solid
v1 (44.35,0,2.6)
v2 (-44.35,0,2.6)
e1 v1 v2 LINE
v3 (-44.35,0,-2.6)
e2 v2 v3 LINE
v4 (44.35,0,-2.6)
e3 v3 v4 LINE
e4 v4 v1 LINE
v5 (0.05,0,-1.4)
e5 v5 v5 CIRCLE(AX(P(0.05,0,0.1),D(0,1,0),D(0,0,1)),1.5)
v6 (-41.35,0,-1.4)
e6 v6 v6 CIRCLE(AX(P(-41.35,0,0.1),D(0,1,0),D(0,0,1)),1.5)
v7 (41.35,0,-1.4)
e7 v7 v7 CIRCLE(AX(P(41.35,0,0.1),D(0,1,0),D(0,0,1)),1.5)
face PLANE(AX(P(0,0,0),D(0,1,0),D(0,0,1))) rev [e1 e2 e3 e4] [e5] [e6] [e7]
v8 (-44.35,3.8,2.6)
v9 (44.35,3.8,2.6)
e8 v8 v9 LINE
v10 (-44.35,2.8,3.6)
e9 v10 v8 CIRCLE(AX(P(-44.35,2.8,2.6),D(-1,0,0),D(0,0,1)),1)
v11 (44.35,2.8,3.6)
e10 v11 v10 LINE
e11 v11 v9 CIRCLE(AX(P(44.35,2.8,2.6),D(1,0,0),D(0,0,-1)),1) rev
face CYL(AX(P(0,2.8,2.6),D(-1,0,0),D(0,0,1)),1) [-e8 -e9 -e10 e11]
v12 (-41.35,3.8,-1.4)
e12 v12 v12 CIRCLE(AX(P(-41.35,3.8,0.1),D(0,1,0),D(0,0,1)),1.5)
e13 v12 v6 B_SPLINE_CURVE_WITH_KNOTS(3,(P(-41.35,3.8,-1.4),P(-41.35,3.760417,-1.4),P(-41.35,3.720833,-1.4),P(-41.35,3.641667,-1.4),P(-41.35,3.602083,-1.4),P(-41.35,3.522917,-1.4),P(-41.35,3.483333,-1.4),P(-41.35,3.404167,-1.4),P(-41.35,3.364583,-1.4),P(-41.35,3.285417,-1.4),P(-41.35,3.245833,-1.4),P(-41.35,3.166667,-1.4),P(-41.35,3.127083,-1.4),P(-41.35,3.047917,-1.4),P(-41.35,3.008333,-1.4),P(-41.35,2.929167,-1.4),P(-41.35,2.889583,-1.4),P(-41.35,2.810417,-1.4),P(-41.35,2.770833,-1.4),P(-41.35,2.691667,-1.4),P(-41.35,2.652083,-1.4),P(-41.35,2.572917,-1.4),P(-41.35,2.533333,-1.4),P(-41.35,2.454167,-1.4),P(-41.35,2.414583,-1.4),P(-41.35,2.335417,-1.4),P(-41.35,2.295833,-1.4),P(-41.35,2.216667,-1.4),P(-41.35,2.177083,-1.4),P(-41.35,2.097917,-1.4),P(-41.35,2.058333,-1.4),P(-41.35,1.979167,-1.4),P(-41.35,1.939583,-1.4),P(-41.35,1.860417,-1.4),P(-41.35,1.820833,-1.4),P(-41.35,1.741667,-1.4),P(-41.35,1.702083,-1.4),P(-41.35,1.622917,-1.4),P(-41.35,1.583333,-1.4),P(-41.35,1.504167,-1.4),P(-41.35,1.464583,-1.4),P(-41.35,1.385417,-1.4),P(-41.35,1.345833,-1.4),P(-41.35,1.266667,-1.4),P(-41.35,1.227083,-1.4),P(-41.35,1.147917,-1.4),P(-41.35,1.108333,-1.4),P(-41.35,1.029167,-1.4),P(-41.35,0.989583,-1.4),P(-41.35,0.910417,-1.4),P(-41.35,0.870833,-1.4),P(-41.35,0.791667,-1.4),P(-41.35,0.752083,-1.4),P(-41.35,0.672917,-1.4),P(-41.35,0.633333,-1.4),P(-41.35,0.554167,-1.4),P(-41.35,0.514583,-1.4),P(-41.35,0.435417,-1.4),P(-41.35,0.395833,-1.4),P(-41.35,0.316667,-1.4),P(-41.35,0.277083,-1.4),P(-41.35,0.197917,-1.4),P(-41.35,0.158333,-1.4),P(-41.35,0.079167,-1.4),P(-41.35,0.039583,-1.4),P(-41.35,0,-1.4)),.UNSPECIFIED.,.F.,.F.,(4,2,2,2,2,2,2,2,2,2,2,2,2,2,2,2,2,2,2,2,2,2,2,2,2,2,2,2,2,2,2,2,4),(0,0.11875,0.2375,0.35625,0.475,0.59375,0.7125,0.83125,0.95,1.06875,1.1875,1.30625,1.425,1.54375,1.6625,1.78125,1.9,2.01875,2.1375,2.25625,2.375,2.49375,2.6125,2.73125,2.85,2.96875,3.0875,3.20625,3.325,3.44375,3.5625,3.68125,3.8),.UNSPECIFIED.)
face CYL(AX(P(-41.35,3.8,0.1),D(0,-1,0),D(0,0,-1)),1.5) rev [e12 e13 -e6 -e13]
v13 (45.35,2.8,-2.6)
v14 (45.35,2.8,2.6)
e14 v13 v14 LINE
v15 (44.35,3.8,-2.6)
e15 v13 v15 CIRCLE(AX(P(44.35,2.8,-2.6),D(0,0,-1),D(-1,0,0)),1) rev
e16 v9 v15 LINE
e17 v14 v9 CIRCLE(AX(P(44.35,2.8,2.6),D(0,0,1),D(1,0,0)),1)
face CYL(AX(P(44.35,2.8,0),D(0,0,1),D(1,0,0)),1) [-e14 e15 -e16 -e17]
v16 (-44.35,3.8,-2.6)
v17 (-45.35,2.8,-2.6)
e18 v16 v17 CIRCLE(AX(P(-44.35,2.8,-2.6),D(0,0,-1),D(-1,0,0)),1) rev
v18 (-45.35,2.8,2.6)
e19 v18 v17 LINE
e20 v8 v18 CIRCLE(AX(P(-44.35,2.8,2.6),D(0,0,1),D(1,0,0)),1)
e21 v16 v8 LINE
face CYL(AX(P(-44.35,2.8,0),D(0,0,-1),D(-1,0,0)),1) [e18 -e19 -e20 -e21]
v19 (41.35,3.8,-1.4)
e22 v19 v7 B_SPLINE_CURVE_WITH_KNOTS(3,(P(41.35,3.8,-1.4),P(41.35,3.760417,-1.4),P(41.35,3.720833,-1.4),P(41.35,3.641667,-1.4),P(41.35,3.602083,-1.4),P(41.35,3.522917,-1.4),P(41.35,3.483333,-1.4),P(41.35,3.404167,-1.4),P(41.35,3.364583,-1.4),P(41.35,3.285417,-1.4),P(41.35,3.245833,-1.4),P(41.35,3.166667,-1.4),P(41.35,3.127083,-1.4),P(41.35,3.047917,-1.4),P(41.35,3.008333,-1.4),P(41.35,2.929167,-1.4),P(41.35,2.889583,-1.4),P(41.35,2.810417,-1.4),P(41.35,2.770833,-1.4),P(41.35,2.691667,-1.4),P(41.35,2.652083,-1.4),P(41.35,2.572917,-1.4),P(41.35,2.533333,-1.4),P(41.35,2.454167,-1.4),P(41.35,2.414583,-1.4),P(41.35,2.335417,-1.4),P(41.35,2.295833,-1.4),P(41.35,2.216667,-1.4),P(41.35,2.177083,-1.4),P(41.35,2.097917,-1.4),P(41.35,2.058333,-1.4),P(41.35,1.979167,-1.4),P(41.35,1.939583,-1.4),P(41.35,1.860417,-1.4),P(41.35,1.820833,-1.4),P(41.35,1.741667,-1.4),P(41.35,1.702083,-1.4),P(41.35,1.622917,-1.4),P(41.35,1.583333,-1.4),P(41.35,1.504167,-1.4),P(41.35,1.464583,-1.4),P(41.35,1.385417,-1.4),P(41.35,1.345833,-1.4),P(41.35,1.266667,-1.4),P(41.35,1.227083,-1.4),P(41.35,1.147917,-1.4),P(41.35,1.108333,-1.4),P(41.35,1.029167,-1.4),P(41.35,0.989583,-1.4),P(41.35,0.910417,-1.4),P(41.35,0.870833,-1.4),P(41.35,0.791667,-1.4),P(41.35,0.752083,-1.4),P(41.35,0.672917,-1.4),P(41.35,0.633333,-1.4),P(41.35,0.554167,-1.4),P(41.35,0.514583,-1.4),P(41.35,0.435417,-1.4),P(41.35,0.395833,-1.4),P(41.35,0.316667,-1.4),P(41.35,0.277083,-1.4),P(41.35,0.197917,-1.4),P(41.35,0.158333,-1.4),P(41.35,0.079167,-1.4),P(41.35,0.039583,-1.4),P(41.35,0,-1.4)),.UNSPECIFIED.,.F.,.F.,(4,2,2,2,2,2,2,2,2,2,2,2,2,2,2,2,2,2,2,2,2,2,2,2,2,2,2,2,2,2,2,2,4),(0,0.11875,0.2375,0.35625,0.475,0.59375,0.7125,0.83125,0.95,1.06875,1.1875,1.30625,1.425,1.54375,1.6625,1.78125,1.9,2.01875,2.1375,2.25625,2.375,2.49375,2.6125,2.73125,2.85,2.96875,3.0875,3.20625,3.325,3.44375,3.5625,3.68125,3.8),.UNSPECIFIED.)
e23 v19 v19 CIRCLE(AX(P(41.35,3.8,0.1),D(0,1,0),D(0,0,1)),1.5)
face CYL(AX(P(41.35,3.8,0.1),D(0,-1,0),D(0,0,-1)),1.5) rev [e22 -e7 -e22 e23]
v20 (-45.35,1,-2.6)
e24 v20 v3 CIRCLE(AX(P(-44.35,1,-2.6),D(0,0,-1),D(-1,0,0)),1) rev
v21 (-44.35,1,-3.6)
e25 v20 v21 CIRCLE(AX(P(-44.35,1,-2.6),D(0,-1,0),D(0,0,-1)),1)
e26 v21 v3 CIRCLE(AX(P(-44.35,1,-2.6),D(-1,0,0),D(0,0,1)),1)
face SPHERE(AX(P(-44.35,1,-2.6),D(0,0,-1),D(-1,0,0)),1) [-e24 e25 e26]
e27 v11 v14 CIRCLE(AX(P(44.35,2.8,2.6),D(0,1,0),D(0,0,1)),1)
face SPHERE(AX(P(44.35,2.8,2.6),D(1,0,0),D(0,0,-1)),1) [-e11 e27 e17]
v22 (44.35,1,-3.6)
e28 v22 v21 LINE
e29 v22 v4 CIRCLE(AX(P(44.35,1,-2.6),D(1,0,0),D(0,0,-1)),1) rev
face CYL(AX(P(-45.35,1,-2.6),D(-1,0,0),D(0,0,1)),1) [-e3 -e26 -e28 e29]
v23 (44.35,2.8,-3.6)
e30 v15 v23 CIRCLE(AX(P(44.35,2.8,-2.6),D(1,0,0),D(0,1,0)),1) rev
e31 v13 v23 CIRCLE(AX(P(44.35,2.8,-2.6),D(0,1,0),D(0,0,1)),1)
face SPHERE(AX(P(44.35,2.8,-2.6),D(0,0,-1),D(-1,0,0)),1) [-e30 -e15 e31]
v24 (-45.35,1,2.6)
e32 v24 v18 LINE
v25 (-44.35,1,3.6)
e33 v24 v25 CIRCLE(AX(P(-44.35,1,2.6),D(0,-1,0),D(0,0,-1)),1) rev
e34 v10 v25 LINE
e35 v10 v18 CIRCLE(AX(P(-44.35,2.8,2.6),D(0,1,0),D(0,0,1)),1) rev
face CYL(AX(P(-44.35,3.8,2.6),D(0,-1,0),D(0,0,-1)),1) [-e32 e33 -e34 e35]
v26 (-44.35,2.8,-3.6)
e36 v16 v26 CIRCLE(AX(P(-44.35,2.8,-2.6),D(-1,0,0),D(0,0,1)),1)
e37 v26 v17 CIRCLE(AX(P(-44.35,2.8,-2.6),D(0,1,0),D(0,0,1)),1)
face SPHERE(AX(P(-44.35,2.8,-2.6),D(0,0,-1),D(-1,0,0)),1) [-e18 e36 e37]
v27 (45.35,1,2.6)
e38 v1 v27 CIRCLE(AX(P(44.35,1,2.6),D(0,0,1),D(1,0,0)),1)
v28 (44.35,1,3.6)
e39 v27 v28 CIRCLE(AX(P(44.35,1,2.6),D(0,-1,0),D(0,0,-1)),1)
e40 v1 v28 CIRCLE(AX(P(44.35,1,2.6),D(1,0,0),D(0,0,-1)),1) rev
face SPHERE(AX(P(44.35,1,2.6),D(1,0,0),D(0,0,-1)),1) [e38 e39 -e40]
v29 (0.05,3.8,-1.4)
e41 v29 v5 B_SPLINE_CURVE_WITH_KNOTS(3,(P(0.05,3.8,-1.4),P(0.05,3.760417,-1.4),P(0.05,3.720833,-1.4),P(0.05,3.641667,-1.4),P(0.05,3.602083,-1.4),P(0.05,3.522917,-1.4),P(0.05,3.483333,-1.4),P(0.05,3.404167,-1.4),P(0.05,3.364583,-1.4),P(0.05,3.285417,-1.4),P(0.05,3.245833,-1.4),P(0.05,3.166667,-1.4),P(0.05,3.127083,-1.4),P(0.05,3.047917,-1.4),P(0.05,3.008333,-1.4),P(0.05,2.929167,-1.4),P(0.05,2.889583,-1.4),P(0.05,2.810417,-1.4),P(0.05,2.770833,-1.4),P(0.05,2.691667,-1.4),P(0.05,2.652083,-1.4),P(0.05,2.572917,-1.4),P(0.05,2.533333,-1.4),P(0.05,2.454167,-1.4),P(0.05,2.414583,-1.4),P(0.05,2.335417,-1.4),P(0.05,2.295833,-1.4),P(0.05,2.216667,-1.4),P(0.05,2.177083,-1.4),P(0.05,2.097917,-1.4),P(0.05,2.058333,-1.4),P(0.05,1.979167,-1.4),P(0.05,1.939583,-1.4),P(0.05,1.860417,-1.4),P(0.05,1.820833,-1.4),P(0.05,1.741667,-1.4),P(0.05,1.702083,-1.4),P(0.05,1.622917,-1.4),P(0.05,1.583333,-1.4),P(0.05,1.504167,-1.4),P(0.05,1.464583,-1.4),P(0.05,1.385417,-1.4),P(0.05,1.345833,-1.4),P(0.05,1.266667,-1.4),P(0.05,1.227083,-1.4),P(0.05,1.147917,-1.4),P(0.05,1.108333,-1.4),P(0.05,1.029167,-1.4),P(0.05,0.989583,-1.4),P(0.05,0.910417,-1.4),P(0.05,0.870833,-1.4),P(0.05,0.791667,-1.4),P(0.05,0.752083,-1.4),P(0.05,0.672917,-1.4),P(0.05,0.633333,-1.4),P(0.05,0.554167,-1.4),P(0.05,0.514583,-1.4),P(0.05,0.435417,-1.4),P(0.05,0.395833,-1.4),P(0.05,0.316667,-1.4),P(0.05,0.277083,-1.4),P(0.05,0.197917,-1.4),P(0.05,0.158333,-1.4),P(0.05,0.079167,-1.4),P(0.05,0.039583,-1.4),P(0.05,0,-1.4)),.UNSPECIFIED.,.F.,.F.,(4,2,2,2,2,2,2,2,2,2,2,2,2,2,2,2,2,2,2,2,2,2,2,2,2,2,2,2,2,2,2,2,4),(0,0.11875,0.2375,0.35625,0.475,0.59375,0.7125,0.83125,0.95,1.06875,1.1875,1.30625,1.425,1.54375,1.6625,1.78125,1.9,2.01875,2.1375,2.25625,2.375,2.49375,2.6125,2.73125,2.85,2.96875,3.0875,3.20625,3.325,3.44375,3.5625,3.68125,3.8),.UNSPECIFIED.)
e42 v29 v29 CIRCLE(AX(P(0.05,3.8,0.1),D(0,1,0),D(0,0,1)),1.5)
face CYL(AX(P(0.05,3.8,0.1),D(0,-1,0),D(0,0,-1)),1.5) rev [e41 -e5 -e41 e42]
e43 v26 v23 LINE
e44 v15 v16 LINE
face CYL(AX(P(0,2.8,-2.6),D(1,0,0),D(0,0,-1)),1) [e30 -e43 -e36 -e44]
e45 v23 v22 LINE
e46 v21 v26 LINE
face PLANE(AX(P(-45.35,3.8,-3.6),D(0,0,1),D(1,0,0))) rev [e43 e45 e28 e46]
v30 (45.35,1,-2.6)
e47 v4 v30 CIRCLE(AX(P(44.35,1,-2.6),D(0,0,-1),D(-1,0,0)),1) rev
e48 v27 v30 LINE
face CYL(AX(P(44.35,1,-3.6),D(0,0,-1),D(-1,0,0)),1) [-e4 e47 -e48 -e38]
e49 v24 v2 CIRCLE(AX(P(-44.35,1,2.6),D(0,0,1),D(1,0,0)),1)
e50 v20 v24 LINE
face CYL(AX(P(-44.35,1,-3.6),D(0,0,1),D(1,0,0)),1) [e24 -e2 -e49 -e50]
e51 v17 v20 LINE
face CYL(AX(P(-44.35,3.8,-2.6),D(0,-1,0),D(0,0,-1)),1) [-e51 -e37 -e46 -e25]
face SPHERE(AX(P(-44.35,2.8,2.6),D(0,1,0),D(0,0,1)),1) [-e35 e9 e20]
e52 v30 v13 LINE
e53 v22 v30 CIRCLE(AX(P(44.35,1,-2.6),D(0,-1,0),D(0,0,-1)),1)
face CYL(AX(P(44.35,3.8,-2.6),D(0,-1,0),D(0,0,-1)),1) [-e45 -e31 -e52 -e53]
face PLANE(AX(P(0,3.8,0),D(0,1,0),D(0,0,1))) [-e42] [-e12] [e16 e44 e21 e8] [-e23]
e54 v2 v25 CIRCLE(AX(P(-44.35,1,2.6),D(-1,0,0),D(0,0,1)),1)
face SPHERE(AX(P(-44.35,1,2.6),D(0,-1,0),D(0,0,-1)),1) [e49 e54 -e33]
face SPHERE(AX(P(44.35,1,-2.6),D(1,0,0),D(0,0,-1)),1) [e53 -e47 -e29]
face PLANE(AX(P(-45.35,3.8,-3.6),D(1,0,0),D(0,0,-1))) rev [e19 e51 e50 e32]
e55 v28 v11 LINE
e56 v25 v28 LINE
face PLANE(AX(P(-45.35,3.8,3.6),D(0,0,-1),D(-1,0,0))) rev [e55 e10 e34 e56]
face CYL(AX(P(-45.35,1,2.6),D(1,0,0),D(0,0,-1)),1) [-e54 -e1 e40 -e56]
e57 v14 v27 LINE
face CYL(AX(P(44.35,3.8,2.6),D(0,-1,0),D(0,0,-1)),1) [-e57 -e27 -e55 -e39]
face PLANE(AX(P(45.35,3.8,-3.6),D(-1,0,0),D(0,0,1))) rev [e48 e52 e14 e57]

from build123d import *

# Parameters (mm, degrees)
SKETCH1_W           = 90.7
SKETCH1_H           = 7.2
SKETCH1_R           = 1.5
BOSS_EXTRUDE1_DEPTH = 3.8
FILLET1_R           = 1


with BuildPart() as part:
    # Sketch1 → Boss-Extrude1 (new body)
    with BuildSketch(Plane(origin=(0, 0, 0), x_dir=(1, 0, 0), z_dir=(0, 1, 0))):
        Rectangle(SKETCH1_W, SKETCH1_H)
        with Locations(Location((-41.35, -0.1, 0), (0, 0, 90))):
            Circle(SKETCH1_R, mode=Mode.SUBTRACT)
        with Locations(Location((0.05, -0.1, 0), (0, 0, 90))):
            Circle(SKETCH1_R, mode=Mode.SUBTRACT)
        with Locations(Location((41.35, -0.1, 0), (0, 0, 90))):
            Circle(SKETCH1_R, mode=Mode.SUBTRACT)
    extrude(amount=BOSS_EXTRUDE1_DEPTH)

    # Fillet1
    fillet1_edges = [part.edges().sort_by_distance(p)[0] for p in [
        (45.35, 3.8, 0),
        (0, 3.8, -3.6),
        (-45.35, 3.8, 0),
        (0, 0, -3.6),
        (45.35, 0, 0),
        (0, 0, 3.6),
        (-45.35, 0, 0),
        (-45.35, 1.9, -3.6),
        (45.35, 1.9, -3.6),
        (45.35, 1.9, 3.6),
        (-45.35, 1.9, 3.6),
        (0, 3.8, 3.6),
    ]]
    fillet(fillet1_edges, radius=FILLET1_R)


solid = part.part
